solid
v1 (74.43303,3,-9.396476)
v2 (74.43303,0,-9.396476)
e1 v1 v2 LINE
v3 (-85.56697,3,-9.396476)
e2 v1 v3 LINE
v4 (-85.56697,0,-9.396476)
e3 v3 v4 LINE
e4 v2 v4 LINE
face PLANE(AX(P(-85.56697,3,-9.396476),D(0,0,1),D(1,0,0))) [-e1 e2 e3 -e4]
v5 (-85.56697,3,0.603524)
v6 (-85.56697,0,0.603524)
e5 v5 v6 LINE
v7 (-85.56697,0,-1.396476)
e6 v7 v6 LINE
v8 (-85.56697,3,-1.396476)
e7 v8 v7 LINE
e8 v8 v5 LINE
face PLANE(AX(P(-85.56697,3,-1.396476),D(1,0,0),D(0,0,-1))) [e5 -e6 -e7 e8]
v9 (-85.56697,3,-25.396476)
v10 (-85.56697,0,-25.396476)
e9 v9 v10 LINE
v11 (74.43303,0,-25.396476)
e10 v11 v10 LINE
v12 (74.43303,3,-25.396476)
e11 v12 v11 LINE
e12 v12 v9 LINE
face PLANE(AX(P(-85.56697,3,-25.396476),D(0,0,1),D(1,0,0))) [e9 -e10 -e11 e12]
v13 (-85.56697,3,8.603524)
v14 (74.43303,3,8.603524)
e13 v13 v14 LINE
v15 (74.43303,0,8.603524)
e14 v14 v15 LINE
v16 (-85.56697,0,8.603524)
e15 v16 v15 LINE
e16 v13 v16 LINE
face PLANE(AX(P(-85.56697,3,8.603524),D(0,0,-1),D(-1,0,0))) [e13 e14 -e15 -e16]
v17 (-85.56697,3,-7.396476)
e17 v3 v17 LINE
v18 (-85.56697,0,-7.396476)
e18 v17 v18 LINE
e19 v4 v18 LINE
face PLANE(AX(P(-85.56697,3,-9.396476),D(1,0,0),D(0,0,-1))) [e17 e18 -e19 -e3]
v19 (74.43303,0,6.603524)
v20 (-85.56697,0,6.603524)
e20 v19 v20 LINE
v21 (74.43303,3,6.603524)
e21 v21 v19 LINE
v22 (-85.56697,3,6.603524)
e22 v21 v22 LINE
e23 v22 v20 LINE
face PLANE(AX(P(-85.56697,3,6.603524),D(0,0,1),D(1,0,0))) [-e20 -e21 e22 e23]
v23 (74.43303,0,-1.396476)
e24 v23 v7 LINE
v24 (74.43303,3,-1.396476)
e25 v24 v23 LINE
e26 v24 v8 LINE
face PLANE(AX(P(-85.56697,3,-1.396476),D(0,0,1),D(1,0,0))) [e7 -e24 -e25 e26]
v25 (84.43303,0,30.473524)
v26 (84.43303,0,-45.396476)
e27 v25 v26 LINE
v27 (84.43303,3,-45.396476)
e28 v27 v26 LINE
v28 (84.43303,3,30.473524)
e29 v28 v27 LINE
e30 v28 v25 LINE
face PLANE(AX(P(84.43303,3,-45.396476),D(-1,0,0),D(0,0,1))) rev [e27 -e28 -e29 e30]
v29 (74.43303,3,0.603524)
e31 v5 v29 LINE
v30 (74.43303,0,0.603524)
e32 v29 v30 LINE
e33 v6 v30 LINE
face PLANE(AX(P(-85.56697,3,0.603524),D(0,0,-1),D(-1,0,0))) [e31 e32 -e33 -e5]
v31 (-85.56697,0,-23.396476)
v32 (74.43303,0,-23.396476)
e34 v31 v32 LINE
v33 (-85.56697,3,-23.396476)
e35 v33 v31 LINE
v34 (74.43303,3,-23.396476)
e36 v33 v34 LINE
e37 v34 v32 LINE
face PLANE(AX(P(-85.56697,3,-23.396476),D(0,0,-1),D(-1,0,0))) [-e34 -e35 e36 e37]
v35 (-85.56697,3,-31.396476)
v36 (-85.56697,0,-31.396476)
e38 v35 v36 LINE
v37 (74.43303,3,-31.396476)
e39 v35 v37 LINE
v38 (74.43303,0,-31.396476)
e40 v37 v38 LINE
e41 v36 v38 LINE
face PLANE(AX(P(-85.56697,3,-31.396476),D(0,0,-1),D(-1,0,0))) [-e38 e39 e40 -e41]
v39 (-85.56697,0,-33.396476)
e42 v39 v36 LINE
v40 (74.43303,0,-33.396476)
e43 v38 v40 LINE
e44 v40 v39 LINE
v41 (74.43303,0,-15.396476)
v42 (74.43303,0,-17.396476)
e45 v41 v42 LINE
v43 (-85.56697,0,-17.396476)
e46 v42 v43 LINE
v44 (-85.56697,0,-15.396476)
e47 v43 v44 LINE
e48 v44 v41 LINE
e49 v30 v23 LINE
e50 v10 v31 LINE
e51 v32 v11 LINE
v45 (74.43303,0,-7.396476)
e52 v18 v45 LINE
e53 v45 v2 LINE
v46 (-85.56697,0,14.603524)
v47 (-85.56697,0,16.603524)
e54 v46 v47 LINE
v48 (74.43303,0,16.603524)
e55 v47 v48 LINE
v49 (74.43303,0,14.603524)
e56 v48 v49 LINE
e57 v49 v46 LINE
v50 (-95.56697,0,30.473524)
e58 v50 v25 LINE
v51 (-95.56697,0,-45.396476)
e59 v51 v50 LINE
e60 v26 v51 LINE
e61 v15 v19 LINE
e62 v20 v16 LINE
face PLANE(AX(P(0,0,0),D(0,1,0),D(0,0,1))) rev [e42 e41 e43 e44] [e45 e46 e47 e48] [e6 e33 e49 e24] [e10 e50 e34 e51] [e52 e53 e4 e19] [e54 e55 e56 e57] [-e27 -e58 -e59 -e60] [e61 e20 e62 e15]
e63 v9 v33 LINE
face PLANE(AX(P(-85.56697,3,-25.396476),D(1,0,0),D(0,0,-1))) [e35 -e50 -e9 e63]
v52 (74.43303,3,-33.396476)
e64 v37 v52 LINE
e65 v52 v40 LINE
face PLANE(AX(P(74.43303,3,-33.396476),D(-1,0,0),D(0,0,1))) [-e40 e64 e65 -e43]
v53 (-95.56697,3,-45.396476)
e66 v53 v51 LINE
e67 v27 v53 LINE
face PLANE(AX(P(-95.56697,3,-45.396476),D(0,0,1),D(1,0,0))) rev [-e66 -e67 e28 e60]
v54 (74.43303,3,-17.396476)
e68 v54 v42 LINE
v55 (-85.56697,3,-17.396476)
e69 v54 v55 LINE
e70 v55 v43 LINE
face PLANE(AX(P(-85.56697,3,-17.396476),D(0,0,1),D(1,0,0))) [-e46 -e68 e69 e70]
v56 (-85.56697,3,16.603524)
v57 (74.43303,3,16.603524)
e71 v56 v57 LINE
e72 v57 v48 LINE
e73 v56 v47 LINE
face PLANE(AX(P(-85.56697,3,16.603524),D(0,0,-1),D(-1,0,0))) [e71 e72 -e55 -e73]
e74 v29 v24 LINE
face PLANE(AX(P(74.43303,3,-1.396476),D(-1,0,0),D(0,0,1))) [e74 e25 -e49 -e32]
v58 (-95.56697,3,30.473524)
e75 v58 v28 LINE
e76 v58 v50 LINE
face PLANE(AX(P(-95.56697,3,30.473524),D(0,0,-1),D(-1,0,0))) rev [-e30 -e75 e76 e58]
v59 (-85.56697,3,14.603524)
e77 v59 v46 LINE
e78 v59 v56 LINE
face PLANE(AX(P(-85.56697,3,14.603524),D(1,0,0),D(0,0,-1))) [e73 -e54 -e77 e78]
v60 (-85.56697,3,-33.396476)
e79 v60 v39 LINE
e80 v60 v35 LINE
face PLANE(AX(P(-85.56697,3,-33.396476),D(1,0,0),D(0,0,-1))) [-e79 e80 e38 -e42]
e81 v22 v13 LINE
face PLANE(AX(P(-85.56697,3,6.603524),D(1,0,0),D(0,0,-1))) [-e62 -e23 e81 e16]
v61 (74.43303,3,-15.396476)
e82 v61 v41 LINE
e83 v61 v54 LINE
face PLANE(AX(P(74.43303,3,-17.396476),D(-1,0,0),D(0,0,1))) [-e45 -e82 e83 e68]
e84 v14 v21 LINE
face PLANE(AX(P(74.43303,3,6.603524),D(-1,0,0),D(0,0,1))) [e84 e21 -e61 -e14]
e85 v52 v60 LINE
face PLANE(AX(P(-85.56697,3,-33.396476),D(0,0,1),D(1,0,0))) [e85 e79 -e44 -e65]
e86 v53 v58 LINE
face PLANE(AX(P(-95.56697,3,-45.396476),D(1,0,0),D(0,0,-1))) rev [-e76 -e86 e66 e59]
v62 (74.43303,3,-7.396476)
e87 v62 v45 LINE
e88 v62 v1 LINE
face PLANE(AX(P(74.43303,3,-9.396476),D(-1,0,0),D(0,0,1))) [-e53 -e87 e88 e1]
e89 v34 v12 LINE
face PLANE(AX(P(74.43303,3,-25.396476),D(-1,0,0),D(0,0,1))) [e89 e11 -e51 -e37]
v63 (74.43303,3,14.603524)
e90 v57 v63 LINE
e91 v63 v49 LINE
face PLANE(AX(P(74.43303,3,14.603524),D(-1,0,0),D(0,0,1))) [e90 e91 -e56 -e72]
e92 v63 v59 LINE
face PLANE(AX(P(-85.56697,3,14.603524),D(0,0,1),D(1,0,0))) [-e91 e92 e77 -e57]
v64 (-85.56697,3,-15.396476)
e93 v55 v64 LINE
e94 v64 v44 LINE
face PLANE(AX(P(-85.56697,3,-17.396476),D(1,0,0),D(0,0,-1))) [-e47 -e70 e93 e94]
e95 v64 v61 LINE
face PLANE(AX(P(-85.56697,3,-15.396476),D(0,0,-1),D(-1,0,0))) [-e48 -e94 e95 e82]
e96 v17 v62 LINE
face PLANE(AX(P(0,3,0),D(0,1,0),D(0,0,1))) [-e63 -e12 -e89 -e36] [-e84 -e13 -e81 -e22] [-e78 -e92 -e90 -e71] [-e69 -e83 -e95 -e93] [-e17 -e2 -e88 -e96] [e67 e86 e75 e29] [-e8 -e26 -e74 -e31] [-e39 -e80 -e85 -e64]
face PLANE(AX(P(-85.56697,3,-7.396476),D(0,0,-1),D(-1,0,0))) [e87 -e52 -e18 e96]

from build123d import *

# Parameters (mm, degrees)
SKETCH1_W           = 180
SKETCH1_H           = 75.87
SKETCH1_W_2         = 160
SKETCH1_H_2         = 2
BOSS_EXTRUDE1_DEPTH = 3


with BuildPart() as part:
    # Sketch1 → Boss-Extrude1 (new body)
    with BuildSketch(Plane(origin=(0, 0, 0), x_dir=(1, 0, 0), z_dir=(0, 1, 0))):
        with Locations((-5.566969943, 7.461475771)):
            Rectangle(SKETCH1_W, SKETCH1_H)
        with Locations((-5.566969943, 24.396475771)):
            Rectangle(SKETCH1_W_2, SKETCH1_H_2, mode=Mode.SUBTRACT)
        with Locations((-5.566969943, 32.396475771)):
            Rectangle(SKETCH1_W_2, SKETCH1_H_2, mode=Mode.SUBTRACT)
        with Locations((-5.566969943, 16.396475771)):
            Rectangle(SKETCH1_W_2, SKETCH1_H_2, mode=Mode.SUBTRACT)
        with Locations((-5.566969943, 8.396475771)):
            Rectangle(SKETCH1_W_2, SKETCH1_H_2, mode=Mode.SUBTRACT)
        with Locations((-5.566969943, 0.396475771)):
            Rectangle(SKETCH1_W_2, SKETCH1_H_2, mode=Mode.SUBTRACT)
        with Locations((-5.566969943, -7.603524229)):
            Rectangle(SKETCH1_W_2, SKETCH1_H_2, mode=Mode.SUBTRACT)
        with Locations((-5.566969943, -15.603524229)):
            Rectangle(SKETCH1_W_2, SKETCH1_H_2, mode=Mode.SUBTRACT)
    extrude(amount=BOSS_EXTRUDE1_DEPTH)


solid = part.part
